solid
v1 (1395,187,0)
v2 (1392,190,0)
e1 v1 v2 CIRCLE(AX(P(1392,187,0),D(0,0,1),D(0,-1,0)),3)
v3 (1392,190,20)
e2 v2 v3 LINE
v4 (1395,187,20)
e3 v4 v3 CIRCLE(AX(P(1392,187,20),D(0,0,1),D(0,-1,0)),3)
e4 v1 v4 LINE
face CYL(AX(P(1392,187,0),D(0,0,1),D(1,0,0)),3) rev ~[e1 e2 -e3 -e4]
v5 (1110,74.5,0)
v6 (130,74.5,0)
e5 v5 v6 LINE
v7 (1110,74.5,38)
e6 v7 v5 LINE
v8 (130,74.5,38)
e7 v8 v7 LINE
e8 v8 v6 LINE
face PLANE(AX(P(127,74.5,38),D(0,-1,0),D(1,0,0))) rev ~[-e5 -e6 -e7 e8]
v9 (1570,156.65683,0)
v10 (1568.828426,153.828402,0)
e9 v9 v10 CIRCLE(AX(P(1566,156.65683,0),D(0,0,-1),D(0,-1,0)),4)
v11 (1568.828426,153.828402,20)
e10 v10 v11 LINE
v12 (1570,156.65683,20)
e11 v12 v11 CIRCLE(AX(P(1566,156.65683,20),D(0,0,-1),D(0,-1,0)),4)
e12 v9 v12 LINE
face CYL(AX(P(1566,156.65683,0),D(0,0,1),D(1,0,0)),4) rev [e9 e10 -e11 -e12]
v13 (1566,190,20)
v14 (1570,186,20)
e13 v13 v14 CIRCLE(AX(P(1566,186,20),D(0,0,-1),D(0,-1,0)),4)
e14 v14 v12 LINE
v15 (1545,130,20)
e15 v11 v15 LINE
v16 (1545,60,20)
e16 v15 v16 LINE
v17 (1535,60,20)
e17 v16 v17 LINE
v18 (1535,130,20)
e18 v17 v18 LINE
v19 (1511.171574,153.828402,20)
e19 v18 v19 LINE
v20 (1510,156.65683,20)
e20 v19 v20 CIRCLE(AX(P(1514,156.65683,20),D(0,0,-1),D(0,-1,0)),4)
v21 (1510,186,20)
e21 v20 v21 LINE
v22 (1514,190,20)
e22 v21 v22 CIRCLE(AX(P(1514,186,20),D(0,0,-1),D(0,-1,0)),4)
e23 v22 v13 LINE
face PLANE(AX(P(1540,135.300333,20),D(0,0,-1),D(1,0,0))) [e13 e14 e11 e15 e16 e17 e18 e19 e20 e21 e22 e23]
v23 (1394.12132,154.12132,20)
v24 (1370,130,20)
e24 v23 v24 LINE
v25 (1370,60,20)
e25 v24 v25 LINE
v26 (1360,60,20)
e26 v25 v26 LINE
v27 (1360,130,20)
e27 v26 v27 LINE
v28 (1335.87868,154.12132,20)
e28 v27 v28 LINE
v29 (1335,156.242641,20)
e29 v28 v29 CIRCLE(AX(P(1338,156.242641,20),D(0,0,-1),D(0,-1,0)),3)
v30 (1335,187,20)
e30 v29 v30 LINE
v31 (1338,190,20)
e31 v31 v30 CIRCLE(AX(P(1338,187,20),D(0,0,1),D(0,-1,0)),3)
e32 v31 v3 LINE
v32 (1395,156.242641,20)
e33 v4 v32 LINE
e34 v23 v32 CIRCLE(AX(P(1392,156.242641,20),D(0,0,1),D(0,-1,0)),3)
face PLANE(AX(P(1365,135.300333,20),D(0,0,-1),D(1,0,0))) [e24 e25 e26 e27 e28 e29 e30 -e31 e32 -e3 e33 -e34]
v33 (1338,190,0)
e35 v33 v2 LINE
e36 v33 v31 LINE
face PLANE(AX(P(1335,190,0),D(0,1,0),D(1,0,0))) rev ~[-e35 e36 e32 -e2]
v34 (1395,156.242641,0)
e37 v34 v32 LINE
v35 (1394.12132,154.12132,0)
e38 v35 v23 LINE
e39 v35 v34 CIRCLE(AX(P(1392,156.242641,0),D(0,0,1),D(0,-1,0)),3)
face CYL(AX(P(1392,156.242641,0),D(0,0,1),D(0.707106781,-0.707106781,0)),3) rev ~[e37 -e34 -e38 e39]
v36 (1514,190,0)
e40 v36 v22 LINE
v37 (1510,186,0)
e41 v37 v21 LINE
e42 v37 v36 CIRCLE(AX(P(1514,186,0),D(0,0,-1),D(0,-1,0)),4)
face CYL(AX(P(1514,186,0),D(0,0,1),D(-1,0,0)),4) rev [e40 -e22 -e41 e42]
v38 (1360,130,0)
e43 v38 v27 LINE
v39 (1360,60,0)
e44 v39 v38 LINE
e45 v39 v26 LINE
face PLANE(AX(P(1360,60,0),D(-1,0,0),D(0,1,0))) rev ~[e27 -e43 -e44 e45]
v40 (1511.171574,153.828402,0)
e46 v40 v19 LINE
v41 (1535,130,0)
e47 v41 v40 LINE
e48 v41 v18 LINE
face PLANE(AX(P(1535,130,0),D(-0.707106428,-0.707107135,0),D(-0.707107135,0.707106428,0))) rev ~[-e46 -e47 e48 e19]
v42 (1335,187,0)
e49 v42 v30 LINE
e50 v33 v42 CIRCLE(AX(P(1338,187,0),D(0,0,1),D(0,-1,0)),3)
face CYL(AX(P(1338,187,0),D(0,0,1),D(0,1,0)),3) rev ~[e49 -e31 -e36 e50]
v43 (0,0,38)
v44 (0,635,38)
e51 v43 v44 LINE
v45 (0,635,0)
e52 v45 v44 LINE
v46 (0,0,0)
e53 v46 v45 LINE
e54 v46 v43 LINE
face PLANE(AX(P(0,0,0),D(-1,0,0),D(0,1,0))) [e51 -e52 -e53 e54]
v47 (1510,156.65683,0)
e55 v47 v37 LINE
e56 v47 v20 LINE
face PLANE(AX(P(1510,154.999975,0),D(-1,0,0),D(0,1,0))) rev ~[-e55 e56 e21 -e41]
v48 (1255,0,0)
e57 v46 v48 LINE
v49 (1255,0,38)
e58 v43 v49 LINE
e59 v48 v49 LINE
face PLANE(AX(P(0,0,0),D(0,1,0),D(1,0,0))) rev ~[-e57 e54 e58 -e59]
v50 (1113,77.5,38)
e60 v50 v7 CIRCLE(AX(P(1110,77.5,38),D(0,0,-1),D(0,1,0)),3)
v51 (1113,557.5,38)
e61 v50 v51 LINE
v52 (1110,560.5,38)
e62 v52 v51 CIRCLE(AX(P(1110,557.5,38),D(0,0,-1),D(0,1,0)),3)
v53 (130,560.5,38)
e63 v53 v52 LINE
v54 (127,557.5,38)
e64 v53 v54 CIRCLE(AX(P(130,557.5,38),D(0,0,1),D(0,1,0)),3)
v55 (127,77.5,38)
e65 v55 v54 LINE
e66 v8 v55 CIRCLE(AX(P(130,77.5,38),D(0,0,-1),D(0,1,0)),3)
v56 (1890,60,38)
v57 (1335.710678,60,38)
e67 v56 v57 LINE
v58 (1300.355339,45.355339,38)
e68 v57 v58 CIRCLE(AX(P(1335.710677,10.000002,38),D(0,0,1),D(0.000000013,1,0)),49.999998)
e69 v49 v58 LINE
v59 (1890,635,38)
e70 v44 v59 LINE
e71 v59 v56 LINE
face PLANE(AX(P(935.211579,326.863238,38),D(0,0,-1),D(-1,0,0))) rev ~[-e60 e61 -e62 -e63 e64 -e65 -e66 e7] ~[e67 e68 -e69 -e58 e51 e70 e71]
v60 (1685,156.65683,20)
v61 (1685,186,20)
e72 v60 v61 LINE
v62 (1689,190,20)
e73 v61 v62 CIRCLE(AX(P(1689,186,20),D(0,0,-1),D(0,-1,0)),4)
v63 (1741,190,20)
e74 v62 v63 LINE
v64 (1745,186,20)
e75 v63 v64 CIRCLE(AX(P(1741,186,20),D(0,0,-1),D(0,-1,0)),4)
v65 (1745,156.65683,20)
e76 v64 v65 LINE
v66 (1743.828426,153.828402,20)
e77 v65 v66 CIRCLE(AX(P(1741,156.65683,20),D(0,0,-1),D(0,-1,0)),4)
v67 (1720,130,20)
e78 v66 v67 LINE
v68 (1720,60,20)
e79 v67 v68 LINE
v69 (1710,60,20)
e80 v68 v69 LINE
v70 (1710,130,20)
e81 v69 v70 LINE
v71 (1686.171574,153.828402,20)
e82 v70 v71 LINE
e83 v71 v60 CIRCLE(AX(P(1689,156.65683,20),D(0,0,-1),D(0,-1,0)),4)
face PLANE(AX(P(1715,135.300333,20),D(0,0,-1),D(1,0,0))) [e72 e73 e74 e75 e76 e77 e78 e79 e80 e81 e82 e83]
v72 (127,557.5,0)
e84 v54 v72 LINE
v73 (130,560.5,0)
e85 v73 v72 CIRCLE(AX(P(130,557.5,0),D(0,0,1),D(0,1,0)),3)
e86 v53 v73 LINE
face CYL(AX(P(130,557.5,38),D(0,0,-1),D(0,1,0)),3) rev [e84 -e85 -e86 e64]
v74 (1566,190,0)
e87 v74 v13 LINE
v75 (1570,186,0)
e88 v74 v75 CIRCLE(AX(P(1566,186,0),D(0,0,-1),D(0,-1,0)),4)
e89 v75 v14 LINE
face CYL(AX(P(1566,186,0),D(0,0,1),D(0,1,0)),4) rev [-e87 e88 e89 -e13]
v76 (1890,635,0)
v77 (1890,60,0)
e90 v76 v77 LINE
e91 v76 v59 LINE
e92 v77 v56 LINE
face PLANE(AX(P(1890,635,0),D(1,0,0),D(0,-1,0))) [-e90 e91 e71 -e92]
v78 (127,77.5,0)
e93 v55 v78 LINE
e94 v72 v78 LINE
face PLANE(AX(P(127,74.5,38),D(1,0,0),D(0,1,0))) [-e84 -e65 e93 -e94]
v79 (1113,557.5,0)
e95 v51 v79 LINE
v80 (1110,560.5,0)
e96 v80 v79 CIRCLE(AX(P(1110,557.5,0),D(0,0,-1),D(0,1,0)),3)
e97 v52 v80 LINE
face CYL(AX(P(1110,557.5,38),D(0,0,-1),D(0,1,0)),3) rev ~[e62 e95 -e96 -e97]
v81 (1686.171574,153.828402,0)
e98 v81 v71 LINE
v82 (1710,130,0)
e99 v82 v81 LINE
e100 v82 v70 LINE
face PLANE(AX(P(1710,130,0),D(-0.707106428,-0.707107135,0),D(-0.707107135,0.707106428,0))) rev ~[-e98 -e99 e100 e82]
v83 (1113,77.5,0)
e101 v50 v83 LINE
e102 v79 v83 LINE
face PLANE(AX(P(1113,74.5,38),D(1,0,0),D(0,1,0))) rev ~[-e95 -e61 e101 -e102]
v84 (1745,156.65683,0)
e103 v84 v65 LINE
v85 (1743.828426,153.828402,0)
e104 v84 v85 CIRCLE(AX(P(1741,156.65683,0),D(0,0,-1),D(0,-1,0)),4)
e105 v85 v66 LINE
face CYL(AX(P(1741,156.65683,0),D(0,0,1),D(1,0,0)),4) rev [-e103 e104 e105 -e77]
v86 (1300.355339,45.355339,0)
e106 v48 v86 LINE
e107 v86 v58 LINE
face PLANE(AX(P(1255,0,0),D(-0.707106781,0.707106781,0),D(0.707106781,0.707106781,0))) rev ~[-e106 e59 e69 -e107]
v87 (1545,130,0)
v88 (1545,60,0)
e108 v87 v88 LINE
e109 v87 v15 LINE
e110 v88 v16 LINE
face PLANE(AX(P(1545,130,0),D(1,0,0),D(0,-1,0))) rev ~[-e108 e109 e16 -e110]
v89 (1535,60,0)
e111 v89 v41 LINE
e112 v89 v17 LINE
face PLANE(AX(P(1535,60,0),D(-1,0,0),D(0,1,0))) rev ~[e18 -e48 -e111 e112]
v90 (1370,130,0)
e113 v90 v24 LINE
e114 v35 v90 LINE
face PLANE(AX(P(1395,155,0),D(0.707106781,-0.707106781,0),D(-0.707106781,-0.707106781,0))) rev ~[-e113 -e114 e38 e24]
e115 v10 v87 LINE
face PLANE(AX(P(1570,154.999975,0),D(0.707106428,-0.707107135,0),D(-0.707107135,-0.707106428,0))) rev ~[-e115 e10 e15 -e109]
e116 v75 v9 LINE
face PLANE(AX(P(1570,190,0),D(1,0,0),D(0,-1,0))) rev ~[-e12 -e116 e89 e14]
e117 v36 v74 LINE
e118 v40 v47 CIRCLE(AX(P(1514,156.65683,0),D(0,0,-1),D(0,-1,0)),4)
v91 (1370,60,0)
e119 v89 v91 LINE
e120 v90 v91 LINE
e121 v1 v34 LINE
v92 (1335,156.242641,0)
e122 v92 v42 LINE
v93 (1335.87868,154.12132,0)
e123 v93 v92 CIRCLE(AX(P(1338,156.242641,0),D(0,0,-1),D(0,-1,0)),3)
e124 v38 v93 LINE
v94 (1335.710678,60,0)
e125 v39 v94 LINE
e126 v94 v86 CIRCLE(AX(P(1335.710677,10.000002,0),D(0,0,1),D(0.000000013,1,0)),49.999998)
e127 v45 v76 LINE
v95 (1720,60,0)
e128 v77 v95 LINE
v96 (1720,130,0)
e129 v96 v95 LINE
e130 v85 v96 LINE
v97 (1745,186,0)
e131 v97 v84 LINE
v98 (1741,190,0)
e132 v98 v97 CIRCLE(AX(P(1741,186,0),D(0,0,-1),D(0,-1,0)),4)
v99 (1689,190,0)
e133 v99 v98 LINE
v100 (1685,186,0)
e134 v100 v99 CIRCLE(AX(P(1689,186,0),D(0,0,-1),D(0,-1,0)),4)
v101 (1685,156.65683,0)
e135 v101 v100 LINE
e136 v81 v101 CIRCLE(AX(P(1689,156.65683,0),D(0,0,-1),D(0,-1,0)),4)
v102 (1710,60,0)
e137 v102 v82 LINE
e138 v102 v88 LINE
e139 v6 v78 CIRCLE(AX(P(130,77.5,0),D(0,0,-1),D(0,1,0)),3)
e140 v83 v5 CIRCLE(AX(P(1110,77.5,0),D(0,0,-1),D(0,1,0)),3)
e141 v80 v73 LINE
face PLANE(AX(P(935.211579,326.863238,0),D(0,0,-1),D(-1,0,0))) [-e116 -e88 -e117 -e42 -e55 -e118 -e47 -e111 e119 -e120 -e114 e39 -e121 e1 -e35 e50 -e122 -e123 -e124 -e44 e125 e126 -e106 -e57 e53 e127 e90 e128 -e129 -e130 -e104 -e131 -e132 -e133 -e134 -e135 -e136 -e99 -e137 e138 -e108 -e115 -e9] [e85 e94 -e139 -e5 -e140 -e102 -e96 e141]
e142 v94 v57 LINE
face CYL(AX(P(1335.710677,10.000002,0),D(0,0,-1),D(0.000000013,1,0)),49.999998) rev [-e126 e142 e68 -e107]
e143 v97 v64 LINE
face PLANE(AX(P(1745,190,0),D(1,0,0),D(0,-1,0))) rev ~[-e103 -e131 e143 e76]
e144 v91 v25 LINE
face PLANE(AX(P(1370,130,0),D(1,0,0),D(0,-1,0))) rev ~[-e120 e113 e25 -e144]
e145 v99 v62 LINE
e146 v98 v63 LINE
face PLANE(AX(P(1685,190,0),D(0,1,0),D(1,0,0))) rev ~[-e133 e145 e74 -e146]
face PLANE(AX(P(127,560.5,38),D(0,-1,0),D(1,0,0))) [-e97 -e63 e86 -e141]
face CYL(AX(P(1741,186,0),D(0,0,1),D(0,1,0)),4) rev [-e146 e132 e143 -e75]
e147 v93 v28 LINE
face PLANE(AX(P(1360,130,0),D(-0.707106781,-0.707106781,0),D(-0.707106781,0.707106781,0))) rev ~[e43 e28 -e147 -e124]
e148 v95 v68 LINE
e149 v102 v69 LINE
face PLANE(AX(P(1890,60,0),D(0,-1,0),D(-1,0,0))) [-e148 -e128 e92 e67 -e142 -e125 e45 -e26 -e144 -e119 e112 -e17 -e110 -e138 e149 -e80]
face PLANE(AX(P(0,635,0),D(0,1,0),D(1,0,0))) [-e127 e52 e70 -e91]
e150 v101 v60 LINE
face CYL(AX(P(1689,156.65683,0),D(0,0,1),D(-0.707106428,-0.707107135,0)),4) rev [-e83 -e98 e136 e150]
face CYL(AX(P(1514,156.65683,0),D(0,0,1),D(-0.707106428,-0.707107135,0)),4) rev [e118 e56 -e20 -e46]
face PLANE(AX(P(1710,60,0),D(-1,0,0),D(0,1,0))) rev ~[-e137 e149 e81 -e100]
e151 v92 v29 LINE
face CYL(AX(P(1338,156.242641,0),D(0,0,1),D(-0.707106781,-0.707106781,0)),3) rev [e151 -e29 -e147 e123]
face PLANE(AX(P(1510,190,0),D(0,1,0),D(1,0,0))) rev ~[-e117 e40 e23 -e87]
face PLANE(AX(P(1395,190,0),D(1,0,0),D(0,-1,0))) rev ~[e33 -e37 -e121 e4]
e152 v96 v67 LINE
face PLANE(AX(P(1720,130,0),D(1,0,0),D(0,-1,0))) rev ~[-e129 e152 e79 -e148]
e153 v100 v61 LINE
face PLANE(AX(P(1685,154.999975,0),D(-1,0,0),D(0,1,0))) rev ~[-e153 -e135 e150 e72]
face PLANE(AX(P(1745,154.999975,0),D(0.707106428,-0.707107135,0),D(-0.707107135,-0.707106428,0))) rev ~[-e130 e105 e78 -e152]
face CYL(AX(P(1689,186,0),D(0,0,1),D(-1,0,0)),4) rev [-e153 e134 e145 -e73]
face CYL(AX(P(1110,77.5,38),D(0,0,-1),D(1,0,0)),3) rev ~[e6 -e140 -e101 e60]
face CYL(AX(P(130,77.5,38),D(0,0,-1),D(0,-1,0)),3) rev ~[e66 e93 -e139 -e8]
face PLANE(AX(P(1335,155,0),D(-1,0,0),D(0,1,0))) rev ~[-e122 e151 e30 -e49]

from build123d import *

# Parameters (mm, degrees)
PAD_DEPTH       = 38
POCKET_DEPTH    = 20
FILLET_R        = 4
FILLET001_R     = 4
FILLET002_R     = 3
SKETCH002_W     = 986
SKETCH002_H     = 486
POCKET001_DEPTH = 38.001
FILLET003_R     = 3


with BuildPart() as part:
    # Sketch → Pad (new body)
    with BuildSketch(Plane.XY):
        with BuildLine():
            Line((0, 0), (0, 635))
            Line((0, 635), (1890, 635))
            Line((1890, 635), (1890, 60))
            Line((1890, 60), (1335.710678, 60))
            ThreePointArc((1335.710678, 60), (1316.576507, 56.193977), (1300.355339, 45.355339))
            Line((1255, 0), (1300.355339, 45.355339))
            Line((0, 0), (1255, 0))
        make_face()
    extrude(amount=PAD_DEPTH)

    # Sketch001 (on Face8 of Pad) → Pocket (cut)
    with BuildSketch(Plane(origin=(0, 0, 0), x_dir=(1, 0, 0), z_dir=(0, 0, -1))):
        Polygon((1535, -60), (1535, -130), (1510, -154.999975), (1510, -190), (1570, -190), (1570, -154.999975), (1545, -130), (1545, -60), align=None)
        Polygon((1710, -60), (1710, -130), (1685, -154.999975), (1685, -190), (1745, -190), (1745, -154.999975), (1720, -130), (1720, -60), align=None)
        Polygon((1360, -60), (1360, -130), (1335, -155), (1335, -190), (1395, -190), (1395, -155), (1370, -130), (1370, -60), align=None)
    extrude(amount=-POCKET_DEPTH, mode=Mode.SUBTRACT)

    # Fillet
    fillet_edges = [part.edges().sort_by_distance(p)[0] for p in [
        (1510, 154.999975, 10),
        (1510, 190, 10),
        (1570, 190, 10),
        (1570, 154.999975, 10),
    ]]
    fillet(fillet_edges, radius=FILLET_R)

    # Fillet001
    fillet001_edges = [part.edges().sort_by_distance(p)[0] for p in [
        (1685, 154.999975, 10),
        (1685, 190, 10),
        (1745, 154.999975, 10),
        (1745, 190, 10),
    ]]
    fillet(fillet001_edges, radius=FILLET001_R)

    # Fillet002
    fillet002_edges = [part.edges().sort_by_distance(p)[0] for p in [
        (1335, 155, 10),
        (1335, 190, 10),
        (1395, 155, 10),
        (1395, 190, 10),
    ]]
    fillet(fillet002_edges, radius=FILLET002_R)

    # Sketch002 (on Face41 of Fillet001) → Pocket001 (cut, through all)
    with BuildSketch(Plane.XY.offset(38)):
        with Locations((620, 317.5)):
            Rectangle(SKETCH002_W, SKETCH002_H)
    extrude(amount=-POCKET001_DEPTH, mode=Mode.SUBTRACT)

    # Fillet003
    fillet003_edges = [part.edges().sort_by_distance(p)[0] for p in [
        (1113, 74.5, 19),
        (127, 560.5, 19),
        (127, 74.5, 19),
        (1113, 560.5, 19),
    ]]
    fillet(fillet003_edges, radius=FILLET003_R)


solid = part.part
